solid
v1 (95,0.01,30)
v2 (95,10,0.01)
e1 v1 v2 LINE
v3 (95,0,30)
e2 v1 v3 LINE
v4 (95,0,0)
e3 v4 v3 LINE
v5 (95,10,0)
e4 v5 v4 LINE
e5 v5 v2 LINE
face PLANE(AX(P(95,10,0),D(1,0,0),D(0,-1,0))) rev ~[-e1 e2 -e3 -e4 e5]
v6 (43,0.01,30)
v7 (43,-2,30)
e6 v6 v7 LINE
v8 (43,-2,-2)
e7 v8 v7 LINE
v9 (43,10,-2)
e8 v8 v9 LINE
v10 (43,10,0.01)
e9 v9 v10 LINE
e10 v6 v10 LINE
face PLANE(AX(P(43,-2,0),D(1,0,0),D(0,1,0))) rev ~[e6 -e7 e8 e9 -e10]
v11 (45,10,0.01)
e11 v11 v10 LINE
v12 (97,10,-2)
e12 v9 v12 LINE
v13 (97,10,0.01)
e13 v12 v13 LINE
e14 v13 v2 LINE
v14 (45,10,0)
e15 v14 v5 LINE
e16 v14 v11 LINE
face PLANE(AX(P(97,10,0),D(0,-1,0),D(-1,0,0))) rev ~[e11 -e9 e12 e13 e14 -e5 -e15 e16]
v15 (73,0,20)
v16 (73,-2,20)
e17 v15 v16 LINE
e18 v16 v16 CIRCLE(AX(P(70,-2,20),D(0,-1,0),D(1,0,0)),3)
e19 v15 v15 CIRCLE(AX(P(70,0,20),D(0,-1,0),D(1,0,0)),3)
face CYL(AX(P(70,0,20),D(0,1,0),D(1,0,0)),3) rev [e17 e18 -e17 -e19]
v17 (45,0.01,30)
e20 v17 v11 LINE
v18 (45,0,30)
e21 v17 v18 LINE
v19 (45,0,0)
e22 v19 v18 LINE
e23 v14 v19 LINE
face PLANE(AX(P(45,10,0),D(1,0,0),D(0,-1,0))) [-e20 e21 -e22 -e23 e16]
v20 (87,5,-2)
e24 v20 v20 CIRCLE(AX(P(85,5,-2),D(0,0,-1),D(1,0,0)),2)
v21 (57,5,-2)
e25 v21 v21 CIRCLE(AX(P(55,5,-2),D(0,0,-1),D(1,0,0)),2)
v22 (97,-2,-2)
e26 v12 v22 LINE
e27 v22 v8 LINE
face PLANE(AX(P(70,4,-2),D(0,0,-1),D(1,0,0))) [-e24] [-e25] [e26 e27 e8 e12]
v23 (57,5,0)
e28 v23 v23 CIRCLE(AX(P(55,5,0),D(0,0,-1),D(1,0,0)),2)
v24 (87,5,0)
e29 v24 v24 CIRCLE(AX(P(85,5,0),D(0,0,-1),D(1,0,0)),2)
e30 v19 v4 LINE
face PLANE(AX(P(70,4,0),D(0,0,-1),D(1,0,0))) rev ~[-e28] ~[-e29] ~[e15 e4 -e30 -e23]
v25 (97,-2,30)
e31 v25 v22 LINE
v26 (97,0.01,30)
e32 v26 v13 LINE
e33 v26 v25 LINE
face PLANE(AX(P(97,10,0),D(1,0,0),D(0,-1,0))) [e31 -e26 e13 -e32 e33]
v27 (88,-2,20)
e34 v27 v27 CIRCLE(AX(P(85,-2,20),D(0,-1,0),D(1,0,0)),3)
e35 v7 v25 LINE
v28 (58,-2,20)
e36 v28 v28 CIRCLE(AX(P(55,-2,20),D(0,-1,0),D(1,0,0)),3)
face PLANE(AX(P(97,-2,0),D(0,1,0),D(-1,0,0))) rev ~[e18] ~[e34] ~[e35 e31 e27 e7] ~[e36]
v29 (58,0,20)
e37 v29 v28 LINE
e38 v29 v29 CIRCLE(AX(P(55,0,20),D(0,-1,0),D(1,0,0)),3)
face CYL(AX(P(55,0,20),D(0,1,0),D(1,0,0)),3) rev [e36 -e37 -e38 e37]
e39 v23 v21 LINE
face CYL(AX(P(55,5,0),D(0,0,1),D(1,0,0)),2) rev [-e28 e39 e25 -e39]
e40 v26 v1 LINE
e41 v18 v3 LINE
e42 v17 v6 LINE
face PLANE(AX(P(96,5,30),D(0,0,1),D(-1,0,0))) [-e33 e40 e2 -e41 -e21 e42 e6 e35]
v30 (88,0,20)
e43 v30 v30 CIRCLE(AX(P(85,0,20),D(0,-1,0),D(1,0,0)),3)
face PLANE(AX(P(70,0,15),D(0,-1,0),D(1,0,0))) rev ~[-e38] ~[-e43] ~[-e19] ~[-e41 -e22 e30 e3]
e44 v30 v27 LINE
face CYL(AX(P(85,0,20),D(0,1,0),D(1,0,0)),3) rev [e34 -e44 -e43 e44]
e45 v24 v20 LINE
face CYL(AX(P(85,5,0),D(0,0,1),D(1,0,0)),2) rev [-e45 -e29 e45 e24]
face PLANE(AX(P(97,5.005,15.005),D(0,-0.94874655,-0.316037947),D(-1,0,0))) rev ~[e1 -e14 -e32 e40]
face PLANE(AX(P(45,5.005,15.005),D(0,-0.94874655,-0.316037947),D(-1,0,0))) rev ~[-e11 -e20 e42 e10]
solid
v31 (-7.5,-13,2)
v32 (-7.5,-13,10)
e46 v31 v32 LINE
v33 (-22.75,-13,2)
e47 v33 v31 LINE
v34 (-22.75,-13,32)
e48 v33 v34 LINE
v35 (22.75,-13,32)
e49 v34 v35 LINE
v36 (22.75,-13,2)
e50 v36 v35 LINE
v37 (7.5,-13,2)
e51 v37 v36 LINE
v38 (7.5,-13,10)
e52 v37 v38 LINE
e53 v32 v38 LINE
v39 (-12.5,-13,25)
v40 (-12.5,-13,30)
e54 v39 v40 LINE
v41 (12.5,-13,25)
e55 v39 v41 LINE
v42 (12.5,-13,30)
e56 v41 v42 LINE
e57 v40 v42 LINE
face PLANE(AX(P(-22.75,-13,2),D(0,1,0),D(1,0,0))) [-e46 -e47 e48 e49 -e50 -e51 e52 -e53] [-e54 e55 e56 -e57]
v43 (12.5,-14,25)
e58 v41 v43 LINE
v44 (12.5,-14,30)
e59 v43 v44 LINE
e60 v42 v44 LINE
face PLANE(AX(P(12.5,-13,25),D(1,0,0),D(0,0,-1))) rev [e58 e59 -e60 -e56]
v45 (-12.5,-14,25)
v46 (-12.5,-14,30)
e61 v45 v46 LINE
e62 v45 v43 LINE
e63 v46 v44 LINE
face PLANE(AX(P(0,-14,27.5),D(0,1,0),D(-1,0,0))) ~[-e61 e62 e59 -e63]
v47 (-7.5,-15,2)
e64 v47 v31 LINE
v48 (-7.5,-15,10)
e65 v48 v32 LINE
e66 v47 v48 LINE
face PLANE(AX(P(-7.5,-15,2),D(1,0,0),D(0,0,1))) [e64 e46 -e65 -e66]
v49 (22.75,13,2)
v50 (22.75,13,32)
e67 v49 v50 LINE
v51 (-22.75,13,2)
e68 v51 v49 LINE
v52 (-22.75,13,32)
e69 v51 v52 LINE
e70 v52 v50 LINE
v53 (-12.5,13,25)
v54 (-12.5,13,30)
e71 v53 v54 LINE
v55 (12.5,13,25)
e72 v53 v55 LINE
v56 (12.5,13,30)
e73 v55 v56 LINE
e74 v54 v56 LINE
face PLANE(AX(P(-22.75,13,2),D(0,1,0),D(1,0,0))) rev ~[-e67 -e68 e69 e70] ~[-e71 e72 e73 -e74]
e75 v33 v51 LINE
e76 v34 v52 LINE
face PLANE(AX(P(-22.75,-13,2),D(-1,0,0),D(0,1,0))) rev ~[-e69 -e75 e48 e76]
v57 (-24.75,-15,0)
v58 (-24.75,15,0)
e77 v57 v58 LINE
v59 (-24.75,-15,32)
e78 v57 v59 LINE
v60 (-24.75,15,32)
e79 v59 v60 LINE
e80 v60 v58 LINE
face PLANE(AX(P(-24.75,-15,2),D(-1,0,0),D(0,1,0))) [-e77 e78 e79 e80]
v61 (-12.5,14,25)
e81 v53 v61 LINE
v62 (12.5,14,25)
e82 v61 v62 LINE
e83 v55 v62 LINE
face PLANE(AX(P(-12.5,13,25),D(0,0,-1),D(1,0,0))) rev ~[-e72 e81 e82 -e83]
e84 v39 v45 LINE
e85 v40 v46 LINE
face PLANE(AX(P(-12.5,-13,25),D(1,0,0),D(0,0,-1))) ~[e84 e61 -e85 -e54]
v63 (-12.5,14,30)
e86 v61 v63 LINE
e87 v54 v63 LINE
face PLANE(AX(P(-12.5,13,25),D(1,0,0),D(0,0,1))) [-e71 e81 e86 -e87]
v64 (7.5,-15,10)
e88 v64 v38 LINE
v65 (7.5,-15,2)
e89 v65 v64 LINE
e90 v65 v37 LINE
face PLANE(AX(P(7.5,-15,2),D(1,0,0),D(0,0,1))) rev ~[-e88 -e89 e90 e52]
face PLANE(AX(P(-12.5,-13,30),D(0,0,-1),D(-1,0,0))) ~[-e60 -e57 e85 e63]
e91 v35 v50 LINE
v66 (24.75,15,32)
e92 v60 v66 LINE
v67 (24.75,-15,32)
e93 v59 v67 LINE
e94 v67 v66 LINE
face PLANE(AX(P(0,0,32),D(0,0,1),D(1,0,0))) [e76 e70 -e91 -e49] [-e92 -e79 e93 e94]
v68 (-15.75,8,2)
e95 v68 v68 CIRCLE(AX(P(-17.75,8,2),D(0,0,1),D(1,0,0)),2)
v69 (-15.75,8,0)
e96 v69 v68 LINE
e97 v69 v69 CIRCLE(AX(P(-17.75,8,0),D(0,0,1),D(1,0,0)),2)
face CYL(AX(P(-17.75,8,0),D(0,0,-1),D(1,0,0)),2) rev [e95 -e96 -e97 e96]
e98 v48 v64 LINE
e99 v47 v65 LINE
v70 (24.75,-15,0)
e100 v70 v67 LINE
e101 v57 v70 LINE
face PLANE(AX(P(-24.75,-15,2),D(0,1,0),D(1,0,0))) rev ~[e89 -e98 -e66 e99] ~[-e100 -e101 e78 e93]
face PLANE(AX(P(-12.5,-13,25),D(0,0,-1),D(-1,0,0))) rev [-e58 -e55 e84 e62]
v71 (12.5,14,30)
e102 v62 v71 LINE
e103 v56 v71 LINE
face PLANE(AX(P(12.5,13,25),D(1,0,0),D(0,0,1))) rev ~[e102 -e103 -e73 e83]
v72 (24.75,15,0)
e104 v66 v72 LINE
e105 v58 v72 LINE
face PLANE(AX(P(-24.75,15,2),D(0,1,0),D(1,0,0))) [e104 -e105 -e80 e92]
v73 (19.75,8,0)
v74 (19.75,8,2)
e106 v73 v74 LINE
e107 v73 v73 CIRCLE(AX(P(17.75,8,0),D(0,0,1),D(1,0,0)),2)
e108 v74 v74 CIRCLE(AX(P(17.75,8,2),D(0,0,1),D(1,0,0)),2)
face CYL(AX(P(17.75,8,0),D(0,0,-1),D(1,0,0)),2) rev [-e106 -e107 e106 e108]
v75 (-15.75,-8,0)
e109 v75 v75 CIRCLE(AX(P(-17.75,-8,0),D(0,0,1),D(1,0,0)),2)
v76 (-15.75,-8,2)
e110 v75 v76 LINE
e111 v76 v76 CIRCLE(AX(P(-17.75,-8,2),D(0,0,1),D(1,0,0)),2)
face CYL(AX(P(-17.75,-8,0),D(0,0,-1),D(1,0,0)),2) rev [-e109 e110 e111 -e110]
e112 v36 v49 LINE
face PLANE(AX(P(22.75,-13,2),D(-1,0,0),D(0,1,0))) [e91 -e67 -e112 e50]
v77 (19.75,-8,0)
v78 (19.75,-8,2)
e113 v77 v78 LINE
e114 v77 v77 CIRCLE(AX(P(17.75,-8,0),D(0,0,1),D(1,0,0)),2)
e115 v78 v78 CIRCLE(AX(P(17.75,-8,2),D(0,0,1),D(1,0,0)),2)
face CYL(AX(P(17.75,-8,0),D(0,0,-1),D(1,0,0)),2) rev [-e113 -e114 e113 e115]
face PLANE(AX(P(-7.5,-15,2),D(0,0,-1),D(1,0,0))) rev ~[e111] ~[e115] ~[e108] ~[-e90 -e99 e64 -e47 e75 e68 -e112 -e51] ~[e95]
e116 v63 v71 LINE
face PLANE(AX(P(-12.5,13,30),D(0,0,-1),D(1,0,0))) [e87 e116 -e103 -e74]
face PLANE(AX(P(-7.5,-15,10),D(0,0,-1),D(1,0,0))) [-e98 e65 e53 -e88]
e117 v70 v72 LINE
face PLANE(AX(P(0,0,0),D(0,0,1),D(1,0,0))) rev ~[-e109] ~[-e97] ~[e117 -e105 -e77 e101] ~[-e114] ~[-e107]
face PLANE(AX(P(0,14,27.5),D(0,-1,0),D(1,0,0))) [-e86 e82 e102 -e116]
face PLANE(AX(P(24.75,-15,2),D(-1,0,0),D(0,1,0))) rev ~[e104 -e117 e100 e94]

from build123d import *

# Parameters (mm, degrees)
SKETCH_W        = 49.5
SKETCH_H        = 30
SKETCH_R        = 2
PAD_DEPTH       = 2
SKETCH001_W     = 49.5
SKETCH001_H     = 30
SKETCH001_W_2   = 45.5
SKETCH001_H_2   = 26
PAD001_DEPTH    = 30
SKETCH002_W     = 25
SKETCH002_H     = 5
POCKET_DEPTH    = 1
SKETCH003_W     = 15
SKETCH003_H     = 8
POCKET001_DEPTH = 2
SKETCH004_W     = 54
SKETCH004_H     = 30
SKETCH004_R     = 3
PAD002_DEPTH    = 2
SKETCH005_R     = 2
PAD003_DEPTH    = 2
SKETCH006_W     = 2
SKETCH006_H     = 10
PAD004_DEPTH    = 30
CHAMFER_1_SIZE2 = 29.99
CHAMFER_1_SIZE  = 9.99
CHAMFER_2_SIZE2 = 29.99
CHAMFER_2_SIZE  = 9.99


with BuildPart() as body:
    # Sketch → Pad (new body)
    with BuildSketch(Plane.XY):
        Rectangle(SKETCH_W, SKETCH_H)
        with Locations((-17.75, 8)):
            Circle(SKETCH_R, mode=Mode.SUBTRACT)
        with Locations((17.75, 8)):
            Circle(SKETCH_R, mode=Mode.SUBTRACT)
        with Locations((-17.75, -8)):
            Circle(SKETCH_R, mode=Mode.SUBTRACT)
        with Locations((17.75, -8)):
            Circle(SKETCH_R, mode=Mode.SUBTRACT)
    extrude(amount=PAD_DEPTH)

    # Sketch001 (on Face10 of Pad) → Pad001 (join)
    with BuildSketch(Plane.XY.offset(2)):
        Rectangle(SKETCH001_W, SKETCH001_H)
        Rectangle(SKETCH001_W_2, SKETCH001_H_2, mode=Mode.SUBTRACT)
    extrude(amount=PAD001_DEPTH)

    # Sketch002 (on Face19 of Pad001) → Pocket (cut)
    with BuildSketch(Plane.XZ.offset(-13)):
        with Locations((0, 27.5)):
            Rectangle(SKETCH002_W, SKETCH002_H)
    pocket = extrude(amount=-POCKET_DEPTH, mode=Mode.SUBTRACT)

    # Mirrored: Pocket across XZ
    add(pocket.mirror(Plane.XZ), mode=Mode.SUBTRACT)

    # Sketch003 (on Face14 of Mirrored) → Pocket001 (cut)
    with BuildSketch(Plane.XZ.offset(15)):
        with Locations((0, 6)):
            Rectangle(SKETCH003_W, SKETCH003_H)
    extrude(amount=-POCKET001_DEPTH, mode=Mode.SUBTRACT)


with BuildPart() as body001:
    # Sketch004 → Pad002 (new body)
    with BuildSketch(Plane.XZ):
        with Locations((70, 15)):
            Rectangle(SKETCH004_W, SKETCH004_H)
        with Locations((55, 20)):
            Circle(SKETCH004_R, mode=Mode.SUBTRACT)
        with Locations((70, 20)):
            Circle(SKETCH004_R, mode=Mode.SUBTRACT)
        with Locations((85, 20)):
            Circle(SKETCH004_R, mode=Mode.SUBTRACT)
    extrude(amount=PAD002_DEPTH)

    # Sketch005 (on Face3 of Pad002) → Pad003 (join)
    with BuildSketch(Plane(origin=(0, 0, 0), x_dir=(1, 0, 0), z_dir=(0, 0, -1))):
        Polygon((43, -10), (97, -10), (97, 0), (97, 2), (43, 2), (43, 0), align=None)
        with Locations((55, -5)):
            Circle(SKETCH005_R, mode=Mode.SUBTRACT)
        with Locations((85, -5)):
            Circle(SKETCH005_R, mode=Mode.SUBTRACT)
    extrude(amount=PAD003_DEPTH)

    # Sketch006 (on Face8 of Pad003) → Pad004 (join)
    with BuildSketch(Plane(origin=(0, 0, 0), x_dir=(-1, 0, 0), z_dir=(0, 0, 1))):
        with Locations((-96, -5)):
            Rectangle(SKETCH006_W, SKETCH006_H)
        with Locations((-44, -5)):
            Rectangle(SKETCH006_W, SKETCH006_H)
    extrude(amount=PAD004_DEPTH)

    # Chamfer 1
    chamfer_1_edges = [body001.edges().sort_by_distance(p)[0] for p in [
        (96, 10, 30),
    ]]
    chamfer_1_side = body001.faces().sort_by_distance((96, 5, 30))[0]
    chamfer(chamfer_1_edges, length=CHAMFER_1_SIZE, length2=CHAMFER_1_SIZE2, reference=chamfer_1_side)

    # Chamfer 2
    chamfer_2_edges = [body001.edges().sort_by_distance(p)[0] for p in [
        (44, 10, 30),
    ]]
    chamfer_2_side = body001.faces().sort_by_distance((44, 5, 30))[0]
    chamfer(chamfer_2_edges, length=CHAMFER_2_SIZE, length2=CHAMFER_2_SIZE2, reference=chamfer_2_side)


solid = Compound([body.part, body001.part])
